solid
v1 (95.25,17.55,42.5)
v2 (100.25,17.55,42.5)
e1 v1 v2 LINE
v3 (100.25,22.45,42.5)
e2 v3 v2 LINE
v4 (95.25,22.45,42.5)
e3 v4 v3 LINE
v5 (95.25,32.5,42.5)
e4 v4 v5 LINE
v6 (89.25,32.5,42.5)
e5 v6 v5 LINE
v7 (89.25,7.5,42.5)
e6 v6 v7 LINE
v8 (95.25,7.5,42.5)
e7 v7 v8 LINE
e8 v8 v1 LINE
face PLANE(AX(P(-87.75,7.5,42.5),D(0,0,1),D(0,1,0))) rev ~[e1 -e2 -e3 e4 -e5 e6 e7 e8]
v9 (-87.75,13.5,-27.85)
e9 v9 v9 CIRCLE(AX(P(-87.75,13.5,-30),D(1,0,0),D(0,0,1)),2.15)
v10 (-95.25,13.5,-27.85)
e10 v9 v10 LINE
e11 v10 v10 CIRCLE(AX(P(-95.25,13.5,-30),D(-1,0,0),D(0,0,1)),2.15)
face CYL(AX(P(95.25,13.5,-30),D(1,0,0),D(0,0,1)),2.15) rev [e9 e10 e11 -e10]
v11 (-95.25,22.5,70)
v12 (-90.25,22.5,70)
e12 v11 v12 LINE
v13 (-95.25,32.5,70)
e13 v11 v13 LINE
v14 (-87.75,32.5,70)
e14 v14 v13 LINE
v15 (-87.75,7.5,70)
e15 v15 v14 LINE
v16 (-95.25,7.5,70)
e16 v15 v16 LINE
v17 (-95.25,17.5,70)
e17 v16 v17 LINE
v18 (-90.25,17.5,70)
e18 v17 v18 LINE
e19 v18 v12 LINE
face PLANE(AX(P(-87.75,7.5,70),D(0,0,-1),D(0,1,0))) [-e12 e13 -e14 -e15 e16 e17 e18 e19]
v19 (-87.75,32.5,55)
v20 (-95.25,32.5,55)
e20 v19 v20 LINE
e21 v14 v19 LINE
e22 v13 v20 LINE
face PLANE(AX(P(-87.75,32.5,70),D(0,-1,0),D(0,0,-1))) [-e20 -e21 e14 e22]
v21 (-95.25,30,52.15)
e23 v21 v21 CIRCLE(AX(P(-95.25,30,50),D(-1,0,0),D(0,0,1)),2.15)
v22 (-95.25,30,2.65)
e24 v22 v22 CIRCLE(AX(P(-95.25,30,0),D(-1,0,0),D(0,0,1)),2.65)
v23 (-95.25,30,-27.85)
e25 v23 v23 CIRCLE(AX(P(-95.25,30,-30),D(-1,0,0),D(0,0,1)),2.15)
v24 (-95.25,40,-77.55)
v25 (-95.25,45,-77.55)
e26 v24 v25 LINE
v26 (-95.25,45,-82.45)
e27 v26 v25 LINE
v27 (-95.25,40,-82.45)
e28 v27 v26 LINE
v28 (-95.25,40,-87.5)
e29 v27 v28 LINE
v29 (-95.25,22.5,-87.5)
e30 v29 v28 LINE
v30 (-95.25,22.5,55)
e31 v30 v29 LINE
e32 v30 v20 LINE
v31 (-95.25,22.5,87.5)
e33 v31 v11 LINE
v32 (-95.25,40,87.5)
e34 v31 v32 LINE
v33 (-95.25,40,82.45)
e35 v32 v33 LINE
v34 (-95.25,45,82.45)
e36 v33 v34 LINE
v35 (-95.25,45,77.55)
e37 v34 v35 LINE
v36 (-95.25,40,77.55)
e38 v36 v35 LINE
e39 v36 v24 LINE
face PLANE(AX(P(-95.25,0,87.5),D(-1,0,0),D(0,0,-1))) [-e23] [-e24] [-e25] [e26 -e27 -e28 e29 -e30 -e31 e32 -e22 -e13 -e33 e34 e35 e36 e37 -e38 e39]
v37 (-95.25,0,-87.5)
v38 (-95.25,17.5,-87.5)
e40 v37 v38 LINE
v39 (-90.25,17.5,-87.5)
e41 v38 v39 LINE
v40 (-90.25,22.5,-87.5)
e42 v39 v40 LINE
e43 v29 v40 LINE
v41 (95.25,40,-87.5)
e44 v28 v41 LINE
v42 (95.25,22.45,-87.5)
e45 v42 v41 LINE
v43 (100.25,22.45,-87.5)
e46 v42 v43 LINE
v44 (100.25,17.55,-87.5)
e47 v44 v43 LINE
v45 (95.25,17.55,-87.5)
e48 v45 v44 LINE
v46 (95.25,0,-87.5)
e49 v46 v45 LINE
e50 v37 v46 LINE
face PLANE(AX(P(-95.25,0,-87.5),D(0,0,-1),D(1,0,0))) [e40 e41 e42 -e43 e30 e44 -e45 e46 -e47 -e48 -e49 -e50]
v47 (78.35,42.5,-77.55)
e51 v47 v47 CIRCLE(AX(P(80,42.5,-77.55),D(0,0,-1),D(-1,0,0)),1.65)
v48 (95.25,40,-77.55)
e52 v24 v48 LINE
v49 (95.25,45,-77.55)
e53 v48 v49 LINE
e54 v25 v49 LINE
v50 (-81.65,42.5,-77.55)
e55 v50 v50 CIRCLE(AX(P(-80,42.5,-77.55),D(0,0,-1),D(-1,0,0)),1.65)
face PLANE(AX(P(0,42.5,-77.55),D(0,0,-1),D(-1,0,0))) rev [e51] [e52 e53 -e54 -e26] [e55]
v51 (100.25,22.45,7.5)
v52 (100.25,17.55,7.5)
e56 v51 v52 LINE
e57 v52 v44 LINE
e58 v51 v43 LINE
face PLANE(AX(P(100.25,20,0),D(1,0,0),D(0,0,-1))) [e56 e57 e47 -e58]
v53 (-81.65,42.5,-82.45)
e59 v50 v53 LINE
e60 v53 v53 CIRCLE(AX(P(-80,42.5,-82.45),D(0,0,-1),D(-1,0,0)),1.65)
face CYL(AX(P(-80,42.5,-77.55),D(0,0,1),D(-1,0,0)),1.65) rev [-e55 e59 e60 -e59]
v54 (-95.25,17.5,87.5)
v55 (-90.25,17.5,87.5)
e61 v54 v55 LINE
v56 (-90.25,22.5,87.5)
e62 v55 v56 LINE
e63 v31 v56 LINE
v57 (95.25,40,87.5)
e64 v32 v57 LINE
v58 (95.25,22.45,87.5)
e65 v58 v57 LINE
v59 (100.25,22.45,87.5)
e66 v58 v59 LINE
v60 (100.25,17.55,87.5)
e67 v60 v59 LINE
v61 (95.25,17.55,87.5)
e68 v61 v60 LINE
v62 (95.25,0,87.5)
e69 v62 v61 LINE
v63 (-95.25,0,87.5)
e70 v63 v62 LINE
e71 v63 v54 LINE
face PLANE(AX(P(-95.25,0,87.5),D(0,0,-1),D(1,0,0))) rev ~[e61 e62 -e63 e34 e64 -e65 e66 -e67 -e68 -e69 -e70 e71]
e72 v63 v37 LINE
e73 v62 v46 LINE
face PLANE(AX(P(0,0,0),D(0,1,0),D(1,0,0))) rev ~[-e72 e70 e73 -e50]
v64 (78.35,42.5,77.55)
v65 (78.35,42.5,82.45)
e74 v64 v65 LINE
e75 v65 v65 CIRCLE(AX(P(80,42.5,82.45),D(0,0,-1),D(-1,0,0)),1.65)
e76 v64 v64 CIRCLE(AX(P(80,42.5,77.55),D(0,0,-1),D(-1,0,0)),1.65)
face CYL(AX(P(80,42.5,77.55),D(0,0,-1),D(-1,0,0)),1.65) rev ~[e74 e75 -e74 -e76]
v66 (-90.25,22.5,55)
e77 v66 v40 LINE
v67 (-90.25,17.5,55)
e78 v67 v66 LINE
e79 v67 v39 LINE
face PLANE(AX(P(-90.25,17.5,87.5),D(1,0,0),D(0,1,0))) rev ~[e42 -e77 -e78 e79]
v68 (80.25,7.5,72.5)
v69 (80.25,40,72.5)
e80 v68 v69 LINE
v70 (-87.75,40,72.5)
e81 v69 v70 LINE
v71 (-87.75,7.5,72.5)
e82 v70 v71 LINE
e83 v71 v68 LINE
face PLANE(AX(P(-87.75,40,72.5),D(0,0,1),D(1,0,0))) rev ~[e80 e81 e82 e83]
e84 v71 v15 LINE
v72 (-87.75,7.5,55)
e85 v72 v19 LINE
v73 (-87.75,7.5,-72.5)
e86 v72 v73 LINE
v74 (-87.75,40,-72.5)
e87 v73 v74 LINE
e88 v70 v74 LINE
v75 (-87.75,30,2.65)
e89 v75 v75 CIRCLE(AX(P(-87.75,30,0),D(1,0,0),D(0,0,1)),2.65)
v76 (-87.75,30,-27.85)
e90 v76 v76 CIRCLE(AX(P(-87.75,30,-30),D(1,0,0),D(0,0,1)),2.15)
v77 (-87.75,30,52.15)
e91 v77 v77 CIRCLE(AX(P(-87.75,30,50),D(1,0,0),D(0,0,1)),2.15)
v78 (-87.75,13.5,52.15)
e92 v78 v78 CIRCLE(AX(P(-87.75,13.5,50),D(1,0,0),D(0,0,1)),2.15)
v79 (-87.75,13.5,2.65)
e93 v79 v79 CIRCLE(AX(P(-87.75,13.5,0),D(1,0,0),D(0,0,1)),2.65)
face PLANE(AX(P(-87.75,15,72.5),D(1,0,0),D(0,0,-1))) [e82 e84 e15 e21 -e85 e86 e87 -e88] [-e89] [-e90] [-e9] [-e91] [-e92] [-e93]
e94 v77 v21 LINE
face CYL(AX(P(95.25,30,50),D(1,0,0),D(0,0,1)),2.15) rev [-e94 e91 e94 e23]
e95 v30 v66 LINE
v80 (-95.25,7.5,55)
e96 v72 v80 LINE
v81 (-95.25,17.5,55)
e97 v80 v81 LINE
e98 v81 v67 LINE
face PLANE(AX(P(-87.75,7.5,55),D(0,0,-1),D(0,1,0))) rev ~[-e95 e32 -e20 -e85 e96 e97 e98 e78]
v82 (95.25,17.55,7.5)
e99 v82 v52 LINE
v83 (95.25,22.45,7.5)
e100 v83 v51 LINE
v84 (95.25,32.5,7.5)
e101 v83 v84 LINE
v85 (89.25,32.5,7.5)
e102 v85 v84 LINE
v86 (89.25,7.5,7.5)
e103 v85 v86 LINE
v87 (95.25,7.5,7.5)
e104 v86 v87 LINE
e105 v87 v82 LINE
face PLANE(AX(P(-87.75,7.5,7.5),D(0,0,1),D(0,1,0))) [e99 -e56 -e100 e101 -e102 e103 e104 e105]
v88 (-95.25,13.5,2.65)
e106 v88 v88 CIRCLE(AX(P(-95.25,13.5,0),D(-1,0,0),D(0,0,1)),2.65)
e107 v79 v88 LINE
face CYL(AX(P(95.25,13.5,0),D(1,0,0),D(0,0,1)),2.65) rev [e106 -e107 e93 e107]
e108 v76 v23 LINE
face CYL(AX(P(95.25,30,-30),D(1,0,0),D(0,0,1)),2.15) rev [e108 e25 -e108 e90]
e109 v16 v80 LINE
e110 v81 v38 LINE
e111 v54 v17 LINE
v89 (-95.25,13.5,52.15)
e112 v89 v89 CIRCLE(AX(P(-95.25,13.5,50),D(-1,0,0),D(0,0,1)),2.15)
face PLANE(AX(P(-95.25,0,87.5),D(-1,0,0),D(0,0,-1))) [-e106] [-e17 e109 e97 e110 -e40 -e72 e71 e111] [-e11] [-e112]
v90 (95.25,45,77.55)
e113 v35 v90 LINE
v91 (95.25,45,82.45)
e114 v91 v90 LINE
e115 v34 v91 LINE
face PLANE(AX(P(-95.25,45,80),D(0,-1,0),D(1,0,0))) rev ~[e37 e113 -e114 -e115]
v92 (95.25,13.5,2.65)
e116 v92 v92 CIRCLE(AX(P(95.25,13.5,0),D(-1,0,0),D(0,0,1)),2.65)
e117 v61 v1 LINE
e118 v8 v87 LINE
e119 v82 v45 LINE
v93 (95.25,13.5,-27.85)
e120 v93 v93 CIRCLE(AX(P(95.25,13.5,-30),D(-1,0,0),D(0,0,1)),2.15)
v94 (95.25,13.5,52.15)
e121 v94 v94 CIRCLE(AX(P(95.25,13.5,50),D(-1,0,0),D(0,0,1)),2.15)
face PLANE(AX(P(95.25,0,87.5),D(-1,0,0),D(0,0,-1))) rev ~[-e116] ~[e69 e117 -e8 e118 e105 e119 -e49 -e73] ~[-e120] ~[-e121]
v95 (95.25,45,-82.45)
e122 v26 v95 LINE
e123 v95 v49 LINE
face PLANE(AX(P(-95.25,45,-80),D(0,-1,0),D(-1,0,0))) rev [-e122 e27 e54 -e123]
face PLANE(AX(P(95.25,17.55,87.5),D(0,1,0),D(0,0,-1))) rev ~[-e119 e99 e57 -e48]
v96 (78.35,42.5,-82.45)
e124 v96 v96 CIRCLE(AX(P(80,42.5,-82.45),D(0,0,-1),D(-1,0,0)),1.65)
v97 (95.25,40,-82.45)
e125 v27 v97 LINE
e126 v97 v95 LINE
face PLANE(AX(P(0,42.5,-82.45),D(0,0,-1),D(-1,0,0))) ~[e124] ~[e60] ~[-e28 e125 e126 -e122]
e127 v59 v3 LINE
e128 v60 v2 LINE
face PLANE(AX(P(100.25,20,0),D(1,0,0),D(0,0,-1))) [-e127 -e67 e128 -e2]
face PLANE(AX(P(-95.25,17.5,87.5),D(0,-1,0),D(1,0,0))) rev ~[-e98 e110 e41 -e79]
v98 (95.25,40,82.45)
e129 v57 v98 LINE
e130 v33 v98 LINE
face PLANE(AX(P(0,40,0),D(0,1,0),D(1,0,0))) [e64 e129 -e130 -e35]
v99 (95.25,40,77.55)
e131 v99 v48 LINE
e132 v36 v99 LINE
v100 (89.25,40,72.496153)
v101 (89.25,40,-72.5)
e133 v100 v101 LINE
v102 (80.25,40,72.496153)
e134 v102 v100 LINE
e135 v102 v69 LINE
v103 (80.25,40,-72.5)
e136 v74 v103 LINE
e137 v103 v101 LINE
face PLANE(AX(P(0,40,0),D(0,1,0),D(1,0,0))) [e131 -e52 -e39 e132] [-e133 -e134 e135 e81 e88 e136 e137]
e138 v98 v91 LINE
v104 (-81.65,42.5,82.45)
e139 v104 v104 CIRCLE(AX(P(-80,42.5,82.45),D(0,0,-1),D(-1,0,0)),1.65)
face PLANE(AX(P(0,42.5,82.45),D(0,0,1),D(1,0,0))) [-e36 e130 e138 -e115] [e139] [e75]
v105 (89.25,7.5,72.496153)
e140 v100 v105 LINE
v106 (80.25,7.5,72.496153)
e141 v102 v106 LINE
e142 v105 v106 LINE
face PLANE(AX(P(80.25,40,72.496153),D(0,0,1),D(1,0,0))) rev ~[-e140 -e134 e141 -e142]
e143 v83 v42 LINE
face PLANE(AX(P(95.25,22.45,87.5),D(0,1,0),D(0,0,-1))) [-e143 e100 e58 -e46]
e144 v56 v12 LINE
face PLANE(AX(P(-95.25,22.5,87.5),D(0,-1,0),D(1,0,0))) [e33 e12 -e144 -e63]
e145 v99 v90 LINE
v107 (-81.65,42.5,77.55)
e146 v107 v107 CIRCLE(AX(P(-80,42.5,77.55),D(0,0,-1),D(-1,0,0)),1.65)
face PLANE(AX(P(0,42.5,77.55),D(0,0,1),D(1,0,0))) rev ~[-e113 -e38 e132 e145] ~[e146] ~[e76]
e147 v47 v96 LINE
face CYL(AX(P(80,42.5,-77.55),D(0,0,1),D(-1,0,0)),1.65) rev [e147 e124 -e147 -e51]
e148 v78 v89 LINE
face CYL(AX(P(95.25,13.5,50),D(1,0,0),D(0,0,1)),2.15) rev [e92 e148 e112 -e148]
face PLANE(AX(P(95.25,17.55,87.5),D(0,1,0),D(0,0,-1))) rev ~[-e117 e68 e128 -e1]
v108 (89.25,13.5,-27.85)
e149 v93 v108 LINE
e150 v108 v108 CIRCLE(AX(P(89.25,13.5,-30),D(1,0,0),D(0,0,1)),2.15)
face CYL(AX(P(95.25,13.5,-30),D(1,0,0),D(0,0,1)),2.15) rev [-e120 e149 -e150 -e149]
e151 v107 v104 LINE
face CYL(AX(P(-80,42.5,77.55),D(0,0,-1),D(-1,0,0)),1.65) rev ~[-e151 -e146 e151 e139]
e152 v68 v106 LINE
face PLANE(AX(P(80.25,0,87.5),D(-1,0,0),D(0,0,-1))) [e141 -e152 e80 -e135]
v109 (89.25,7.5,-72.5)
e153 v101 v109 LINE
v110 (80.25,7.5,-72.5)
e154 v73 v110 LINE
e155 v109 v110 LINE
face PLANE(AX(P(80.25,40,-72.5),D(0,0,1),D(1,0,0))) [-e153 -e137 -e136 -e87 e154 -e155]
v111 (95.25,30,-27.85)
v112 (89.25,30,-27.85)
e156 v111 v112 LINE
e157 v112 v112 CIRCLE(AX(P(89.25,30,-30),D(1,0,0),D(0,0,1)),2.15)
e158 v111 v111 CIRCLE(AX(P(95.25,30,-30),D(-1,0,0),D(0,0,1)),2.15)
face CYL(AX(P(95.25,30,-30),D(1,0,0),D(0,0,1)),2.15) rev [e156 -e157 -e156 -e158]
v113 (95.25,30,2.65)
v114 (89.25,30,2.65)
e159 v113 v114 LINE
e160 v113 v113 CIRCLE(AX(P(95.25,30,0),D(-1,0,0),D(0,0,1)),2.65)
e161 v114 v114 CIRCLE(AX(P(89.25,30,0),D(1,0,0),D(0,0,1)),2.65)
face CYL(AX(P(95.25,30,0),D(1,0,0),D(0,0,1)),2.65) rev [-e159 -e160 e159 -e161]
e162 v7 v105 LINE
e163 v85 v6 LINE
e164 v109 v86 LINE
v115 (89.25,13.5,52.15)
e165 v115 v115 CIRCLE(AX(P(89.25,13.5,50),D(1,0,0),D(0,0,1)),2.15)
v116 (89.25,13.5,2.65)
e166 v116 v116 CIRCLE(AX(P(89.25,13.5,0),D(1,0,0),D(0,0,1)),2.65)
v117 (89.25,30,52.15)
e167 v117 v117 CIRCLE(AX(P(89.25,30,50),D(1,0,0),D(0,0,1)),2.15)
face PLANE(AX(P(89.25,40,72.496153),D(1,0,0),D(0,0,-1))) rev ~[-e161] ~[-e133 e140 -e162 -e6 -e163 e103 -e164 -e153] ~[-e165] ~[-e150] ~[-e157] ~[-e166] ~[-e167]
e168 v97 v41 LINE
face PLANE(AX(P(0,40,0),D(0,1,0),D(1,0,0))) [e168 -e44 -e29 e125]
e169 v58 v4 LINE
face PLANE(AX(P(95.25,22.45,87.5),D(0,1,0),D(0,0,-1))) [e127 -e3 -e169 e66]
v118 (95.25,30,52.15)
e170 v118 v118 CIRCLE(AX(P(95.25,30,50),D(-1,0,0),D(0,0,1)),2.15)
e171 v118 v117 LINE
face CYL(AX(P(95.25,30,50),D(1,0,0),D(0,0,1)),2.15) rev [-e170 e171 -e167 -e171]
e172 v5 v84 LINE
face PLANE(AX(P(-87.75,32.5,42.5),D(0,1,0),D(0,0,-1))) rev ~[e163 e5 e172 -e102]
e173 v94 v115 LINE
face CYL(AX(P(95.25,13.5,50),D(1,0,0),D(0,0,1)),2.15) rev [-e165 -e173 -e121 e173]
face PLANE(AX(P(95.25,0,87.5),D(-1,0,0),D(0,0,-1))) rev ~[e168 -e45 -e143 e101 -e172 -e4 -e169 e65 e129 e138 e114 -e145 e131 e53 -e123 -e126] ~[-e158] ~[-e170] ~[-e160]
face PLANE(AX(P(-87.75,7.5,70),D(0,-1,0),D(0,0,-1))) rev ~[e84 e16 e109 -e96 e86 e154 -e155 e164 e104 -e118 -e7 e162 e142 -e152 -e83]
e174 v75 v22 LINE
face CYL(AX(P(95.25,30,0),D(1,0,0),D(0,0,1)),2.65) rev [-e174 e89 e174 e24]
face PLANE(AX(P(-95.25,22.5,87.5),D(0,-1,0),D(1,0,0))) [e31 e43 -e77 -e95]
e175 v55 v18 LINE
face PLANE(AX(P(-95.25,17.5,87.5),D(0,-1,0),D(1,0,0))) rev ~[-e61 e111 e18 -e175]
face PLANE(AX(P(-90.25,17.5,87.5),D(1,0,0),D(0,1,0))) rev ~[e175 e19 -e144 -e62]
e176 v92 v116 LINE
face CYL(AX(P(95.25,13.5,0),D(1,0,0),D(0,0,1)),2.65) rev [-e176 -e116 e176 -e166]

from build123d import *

# Parameters (mm, degrees)
SKETCH1_W           = 190.5
SKETCH1_H           = 175
BOSS_EXTRUDE1_DEPTH = 40
SHELL1_T            = -15
SKETCH2_W           = 175
SKETCH2_H           = 4.9
BOSS_EXTRUDE2_DEPTH = 5
SKETCH3_W           = 5
SKETCH3_H           = 5
CUT_EXTRUDE1_DEPTH  = 175
SKETCH4_W           = 7.5
SKETCH4_H           = 145
CUT_EXTRUDE2_DEPTH  = 25
CUT_EXTRUDE3_START  = -190.5
SKETCH5_R           = 2.65
SKETCH5_R_2         = 2.15
CUT_EXTRUDE3_DEPTH  = 190.5
SKETCH6_W           = 168
SKETCH6_H           = 145
CUT_EXTRUDE4_DEPTH  = 7.5
CUT_EXTRUDE5_REACH  = 140.947
SKETCH7_W           = 9
SKETCH7_H           = 144.996152815
BOSS_EXTRUDE3_START = -7.5
SKETCH9_W           = 190.5
SKETCH9_H           = 5
BOSS_EXTRUDE3_DEPTH = 2.45
SKETCH11_R          = 1.65
CUT_EXTRUDE7_DEPTH  = 4.9
SKETCH12_W          = 35
SKETCH12_H          = 25
CUT_EXTRUDE8_DEPTH  = 213.19154083
CUT_EXTRUDE9_REACH  = 214.192
SKETCH13_W          = 15
SKETCH13_H          = 25


with BuildPart() as part:
    # Sketch1 → Boss-Extrude1 (new body)
    with BuildSketch(Plane(origin=(0, 0, 0), x_dir=(1, 0, 0), z_dir=(0, 1, 0))):
        Rectangle(SKETCH1_W, SKETCH1_H)
    extrude(amount=BOSS_EXTRUDE1_DEPTH)

    # Shell1
    shell1_openings = [part.faces().sort_by_distance(p)[0] for p in [
        (0, 40, 0),
    ]]
    offset(amount=SHELL1_T, openings=shell1_openings, kind=Kind.INTERSECTION)

    # Sketch2 → Boss-Extrude2 (add)
    with BuildSketch(Plane(origin=(95.25, 0, 0), x_dir=(0, 0, -1), z_dir=(1, 0, 0))):
        with Locations((0, 20)):
            Rectangle(SKETCH2_W, SKETCH2_H)
    extrude(amount=BOSS_EXTRUDE2_DEPTH)

    # Sketch3 → Cut-Extrude1 (cut)
    with BuildSketch(Plane.XY.offset(87.5)):
        with Locations((-92.75, 20)):
            Rectangle(SKETCH3_W, SKETCH3_H)
    extrude(amount=-CUT_EXTRUDE1_DEPTH, mode=Mode.SUBTRACT)

    # Sketch4 → Cut-Extrude2 (cut)
    with BuildSketch(Plane(origin=(0, 40, 0), x_dir=(1, 0, 0), z_dir=(0, 1, 0))):
        with Locations((-84, 0)):
            Rectangle(SKETCH4_W, SKETCH4_H)
    extrude(amount=-CUT_EXTRUDE2_DEPTH, mode=Mode.SUBTRACT)

    # Sketch5 → Cut-Extrude3 (cut)
    with BuildSketch(Plane.ZY.offset(95.25).offset(CUT_EXTRUDE3_START)):
        with Locations((0, 30)):
            Circle(SKETCH5_R)
        with Locations((-30, 30)):
            Circle(SKETCH5_R_2)
        with Locations((50, 30)):
            Circle(SKETCH5_R_2)
        with Locations((-30, 13.5)):
            Circle(SKETCH5_R_2)
        with Locations((0, 13.5)):
            Circle(SKETCH5_R)
        with Locations((50, 13.5)):
            Circle(SKETCH5_R_2)
    cut_extrude3 = extrude(amount=CUT_EXTRUDE3_DEPTH, mode=Mode.SUBTRACT)

    # Sketch6 → Cut-Extrude4 (cut)
    with BuildSketch(Plane(origin=(0, 15, 0), x_dir=(1, 0, 0), z_dir=(0, 1, 0))):
        with Locations((-3.75, 0)):
            Rectangle(SKETCH6_W, SKETCH6_H)
    extrude(amount=-CUT_EXTRUDE4_DEPTH, mode=Mode.SUBTRACT)

    # Mirror1: Cut-Extrude3 across plane
    add(cut_extrude3.mirror(Plane(origin=(0, 0, 0), x_dir=(0, 0, 1), z_dir=(1, 0, 0))), mode=Mode.SUBTRACT)

    # Cut-Extrude5: up to this face of the body (flat: up to its plane)
    cut_extrude5_end = Plane(part.part.faces().sort_by_distance((-3.75, 7.5, 0))[0])
    # Sketch7 → Cut-Extrude5 (cut, up to the picked face)
    with BuildSketch(Plane(origin=(0, 40, 0), x_dir=(1, 0, 0), z_dir=(0, 1, 0)), mode=Mode.PRIVATE) as cut_extrude5_sk1:
        with Locations((84.75, 0.001923592)):
            Rectangle(SKETCH7_W, SKETCH7_H)
    cut_extrude5_tool1 = split(extrude(cut_extrude5_sk1.sketch, amount=-CUT_EXTRUDE5_REACH, mode=Mode.PRIVATE), bisect_by=cut_extrude5_end, keep=Keep.BOTH, mode=Mode.PRIVATE)
    add(cut_extrude5_tool1.solids().sort_by(Axis((84.75, 40, -0.001924), (0, -1, 0)))[0], mode=Mode.SUBTRACT)

    # Sketch9 → Boss-Extrude3 (add, symmetric)
    with BuildSketch(Plane.XY.offset(87.5).offset(BOSS_EXTRUDE3_START)):
        with Locations((0, 42.5)):
            Rectangle(SKETCH9_W, SKETCH9_H)
    boss_extrude3 = extrude(amount=BOSS_EXTRUDE3_DEPTH, both=True)

    # Sketch11 → Cut-Extrude7 (cut)
    with BuildSketch(Plane(origin=(0, 0, 77.55), x_dir=(-1, 0, 0), z_dir=(0, 0, -1))):
        with Locations((-80, 42.5)):
            Circle(SKETCH11_R)
        with Locations((80, 42.5)):
            Circle(SKETCH11_R)
    cut_extrude7 = extrude(amount=-CUT_EXTRUDE7_DEPTH, mode=Mode.SUBTRACT)

    # Mirror2: Boss-Extrude3, Cut-Extrude7 across plane
    add(boss_extrude3.mirror(Plane.XY))
    add(cut_extrude7.mirror(Plane.XY), mode=Mode.SUBTRACT)

    # Sketch12 → Cut-Extrude8 (cut, through all)
    with BuildSketch(Plane(origin=(-87.75, 0, 0), x_dir=(0, 0, -1), z_dir=(1, 0, 0))):
        with Locations((-25, 20)):
            Rectangle(SKETCH12_W, SKETCH12_H)
    extrude(amount=CUT_EXTRUDE8_DEPTH, mode=Mode.SUBTRACT)

    # Cut-Extrude9: up to this face of the body (flat: up to its plane)
    cut_extrude9_end = Plane(part.part.faces().sort_by_distance((-95.25, 8.669388557, -0.096447103))[0])
    # Sketch13 → Cut-Extrude9 (cut, up to the picked face)
    with BuildSketch(Plane(origin=(-87.75, 0, 0), x_dir=(0, 0, -1), z_dir=(1, 0, 0)), mode=Mode.PRIVATE) as cut_extrude9_sk1:
        with Locations((-62.5, 20)):
            Rectangle(SKETCH13_W, SKETCH13_H)
    cut_extrude9_tool1 = split(extrude(cut_extrude9_sk1.sketch, amount=-CUT_EXTRUDE9_REACH, mode=Mode.PRIVATE), bisect_by=cut_extrude9_end, keep=Keep.BOTH, mode=Mode.PRIVATE)
    add(cut_extrude9_tool1.solids().sort_by(Axis((-87.75, 20, 62.5), (-1, 0, 0)))[0], mode=Mode.SUBTRACT)


solid = part.part
